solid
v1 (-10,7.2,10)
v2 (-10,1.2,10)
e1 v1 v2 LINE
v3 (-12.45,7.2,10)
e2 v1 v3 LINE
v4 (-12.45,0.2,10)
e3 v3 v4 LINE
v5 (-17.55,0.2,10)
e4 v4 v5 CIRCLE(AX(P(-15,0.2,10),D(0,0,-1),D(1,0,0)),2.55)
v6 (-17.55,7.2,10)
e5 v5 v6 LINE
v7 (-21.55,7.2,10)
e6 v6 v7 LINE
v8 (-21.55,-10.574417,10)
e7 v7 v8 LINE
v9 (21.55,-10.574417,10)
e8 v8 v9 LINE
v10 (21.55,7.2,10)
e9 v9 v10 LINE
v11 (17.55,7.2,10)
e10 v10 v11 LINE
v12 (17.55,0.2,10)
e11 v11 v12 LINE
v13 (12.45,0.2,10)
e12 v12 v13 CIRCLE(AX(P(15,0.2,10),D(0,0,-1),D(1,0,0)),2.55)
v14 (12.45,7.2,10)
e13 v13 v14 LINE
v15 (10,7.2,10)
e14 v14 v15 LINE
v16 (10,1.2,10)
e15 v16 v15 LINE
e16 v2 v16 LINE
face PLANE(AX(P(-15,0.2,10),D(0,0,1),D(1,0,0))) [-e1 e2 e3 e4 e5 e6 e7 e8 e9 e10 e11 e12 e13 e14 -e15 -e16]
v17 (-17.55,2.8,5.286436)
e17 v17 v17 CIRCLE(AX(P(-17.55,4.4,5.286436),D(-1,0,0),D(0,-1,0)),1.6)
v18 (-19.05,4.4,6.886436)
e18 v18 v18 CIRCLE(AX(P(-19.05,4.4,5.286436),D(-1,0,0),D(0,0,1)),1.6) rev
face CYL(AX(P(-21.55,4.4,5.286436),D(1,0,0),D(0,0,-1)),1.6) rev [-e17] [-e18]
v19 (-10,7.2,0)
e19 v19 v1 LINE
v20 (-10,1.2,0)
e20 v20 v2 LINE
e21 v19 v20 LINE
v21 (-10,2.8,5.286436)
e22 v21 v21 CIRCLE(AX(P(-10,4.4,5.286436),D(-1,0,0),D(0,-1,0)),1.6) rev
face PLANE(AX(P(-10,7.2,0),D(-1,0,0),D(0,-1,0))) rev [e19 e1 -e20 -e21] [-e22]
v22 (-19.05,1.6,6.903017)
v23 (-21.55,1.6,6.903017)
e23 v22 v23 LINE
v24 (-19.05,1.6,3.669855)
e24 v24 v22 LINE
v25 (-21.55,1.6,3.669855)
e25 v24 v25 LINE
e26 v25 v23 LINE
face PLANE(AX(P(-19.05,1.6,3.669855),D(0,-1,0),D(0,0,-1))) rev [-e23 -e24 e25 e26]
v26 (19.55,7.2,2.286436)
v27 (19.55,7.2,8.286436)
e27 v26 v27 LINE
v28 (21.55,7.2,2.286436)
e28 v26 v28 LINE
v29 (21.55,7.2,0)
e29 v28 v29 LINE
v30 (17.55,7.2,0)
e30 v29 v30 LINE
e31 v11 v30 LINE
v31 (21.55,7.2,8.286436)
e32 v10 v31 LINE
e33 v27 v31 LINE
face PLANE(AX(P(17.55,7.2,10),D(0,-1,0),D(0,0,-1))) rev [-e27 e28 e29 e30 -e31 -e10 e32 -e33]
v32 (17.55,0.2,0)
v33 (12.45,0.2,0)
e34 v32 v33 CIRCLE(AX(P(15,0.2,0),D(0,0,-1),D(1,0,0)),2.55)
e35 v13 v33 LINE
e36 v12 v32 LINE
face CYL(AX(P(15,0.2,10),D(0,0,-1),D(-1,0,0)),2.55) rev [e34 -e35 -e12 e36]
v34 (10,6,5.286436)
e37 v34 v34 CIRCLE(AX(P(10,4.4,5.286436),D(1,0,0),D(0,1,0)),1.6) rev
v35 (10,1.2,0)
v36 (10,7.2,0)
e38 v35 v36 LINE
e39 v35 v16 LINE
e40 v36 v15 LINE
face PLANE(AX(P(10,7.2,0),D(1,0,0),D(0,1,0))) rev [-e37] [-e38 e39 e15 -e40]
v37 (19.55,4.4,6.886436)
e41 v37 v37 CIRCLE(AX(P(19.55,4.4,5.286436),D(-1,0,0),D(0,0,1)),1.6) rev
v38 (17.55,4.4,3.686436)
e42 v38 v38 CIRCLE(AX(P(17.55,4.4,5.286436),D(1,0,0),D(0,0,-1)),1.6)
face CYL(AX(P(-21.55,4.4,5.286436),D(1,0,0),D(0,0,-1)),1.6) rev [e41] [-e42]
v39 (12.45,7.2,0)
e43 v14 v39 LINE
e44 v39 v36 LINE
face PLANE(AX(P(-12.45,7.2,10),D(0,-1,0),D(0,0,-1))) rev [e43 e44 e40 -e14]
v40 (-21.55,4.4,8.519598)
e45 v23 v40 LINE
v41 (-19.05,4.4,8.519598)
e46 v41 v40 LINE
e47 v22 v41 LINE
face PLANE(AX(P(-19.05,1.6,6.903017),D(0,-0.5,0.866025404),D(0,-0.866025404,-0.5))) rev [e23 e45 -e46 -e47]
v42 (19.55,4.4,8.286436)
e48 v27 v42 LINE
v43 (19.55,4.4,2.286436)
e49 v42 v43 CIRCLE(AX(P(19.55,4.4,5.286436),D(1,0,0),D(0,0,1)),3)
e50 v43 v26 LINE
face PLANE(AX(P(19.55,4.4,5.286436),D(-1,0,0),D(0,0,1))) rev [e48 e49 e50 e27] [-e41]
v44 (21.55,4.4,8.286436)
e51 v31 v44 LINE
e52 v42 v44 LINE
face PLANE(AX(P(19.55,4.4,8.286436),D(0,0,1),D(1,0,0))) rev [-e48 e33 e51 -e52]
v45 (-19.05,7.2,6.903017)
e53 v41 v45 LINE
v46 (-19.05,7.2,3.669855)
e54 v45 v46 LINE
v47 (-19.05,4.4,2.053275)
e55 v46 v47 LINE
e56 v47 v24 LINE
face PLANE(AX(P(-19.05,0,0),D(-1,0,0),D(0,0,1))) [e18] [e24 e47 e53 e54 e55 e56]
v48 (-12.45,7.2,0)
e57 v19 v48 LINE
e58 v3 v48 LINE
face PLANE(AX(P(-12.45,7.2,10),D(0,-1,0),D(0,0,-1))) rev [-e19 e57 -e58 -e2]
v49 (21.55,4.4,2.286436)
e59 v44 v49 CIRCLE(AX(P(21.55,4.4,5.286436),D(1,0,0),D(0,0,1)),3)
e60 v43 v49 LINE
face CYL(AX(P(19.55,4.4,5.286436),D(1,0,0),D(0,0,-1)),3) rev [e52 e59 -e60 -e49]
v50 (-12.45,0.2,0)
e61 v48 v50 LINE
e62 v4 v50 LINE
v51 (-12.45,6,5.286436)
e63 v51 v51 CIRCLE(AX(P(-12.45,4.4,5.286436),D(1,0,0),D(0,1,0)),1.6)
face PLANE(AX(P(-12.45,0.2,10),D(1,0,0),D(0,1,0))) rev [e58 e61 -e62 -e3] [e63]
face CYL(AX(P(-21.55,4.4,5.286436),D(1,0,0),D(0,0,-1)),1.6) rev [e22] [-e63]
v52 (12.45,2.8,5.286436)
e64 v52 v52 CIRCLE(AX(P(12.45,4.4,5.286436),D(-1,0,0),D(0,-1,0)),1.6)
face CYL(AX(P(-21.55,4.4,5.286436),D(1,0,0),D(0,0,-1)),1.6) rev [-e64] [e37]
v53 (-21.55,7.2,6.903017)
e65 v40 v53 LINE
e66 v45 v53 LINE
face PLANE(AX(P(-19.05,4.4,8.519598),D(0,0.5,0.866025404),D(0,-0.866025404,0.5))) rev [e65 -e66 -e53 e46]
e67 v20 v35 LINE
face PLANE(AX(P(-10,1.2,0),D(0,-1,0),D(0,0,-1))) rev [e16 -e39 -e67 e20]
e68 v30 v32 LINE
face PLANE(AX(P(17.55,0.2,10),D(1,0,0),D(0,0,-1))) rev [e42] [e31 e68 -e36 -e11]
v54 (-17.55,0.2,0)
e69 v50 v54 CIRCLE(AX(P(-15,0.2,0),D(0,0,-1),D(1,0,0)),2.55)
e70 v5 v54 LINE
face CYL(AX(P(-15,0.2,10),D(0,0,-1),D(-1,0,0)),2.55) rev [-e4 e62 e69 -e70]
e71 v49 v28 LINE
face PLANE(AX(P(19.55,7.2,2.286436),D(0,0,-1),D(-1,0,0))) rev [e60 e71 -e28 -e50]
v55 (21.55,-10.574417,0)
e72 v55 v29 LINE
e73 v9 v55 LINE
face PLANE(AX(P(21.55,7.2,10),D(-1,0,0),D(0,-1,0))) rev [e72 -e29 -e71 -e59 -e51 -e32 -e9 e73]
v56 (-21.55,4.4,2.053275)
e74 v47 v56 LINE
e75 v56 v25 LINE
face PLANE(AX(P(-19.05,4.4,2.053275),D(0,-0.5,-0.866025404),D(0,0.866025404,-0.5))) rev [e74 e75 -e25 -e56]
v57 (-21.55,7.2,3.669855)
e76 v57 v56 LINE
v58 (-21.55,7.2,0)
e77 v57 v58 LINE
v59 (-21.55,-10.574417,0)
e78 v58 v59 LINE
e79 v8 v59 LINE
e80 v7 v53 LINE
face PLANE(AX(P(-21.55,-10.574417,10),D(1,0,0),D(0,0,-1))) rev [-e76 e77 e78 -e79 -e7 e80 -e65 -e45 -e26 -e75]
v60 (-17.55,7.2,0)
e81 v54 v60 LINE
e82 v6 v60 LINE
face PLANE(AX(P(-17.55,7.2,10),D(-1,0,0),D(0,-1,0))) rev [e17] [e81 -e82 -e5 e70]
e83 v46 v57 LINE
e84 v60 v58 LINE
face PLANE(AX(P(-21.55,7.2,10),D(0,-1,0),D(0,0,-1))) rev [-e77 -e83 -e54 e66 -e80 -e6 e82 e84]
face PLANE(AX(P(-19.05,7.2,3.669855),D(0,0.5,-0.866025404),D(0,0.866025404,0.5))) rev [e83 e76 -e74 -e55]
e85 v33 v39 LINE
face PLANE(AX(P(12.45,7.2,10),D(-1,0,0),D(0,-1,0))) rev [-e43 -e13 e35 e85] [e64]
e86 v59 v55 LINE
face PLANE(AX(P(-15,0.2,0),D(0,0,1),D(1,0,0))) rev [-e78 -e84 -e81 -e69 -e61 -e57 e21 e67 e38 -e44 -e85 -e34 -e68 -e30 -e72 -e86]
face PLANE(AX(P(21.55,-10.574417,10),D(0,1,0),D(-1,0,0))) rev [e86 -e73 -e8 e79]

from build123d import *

# Parameters (mm, degrees)
BOSS_EXTRUDE1_DEPTH = 10
SKETCH2_R           = 1.6
CUT_EXTRUDE1_DEPTH  = 44.1
CUT_EXTRUDE2_DEPTH  = 2
CUT_EXTRUDE3_DEPTH  = 2.5
SKETCH6_W           = 20
SKETCH6_H           = 6
CUT_EXTRUDE4_DEPTH  = 11


with BuildPart() as part:
    # Sketch1 → Boss-Extrude1 (new body)
    with BuildSketch(Plane.XY):
        with BuildLine():
            Line((-21.55, 7.2), (-17.55, 7.2))
            Line((-17.55, 7.2), (-17.55, 0.2))
            ThreePointArc((-17.55, 0.2), (-15, -2.35), (-12.45, 0.2))
            Line((-12.45, 0.2), (-12.45, 7.2))
            Line((-12.45, 7.2), (12.45, 7.2))
            Line((12.45, 7.2), (12.45, 0.2))
            ThreePointArc((12.45, 0.2), (15, -2.35), (17.55, 0.2))
            Line((17.55, 0.2), (17.55, 7.2))
            Line((17.55, 7.2), (21.55, 7.2))
            Line((21.55, 7.2), (21.55, -10.574417152))
            Line((21.55, -10.574417152), (-21.55, -10.574417152))
            Line((-21.55, -10.574417152), (-21.55, 7.2))
        make_face()
    extrude(amount=BOSS_EXTRUDE1_DEPTH)

    # Sketch2 → Cut-Extrude1 (cut, through all)
    with BuildSketch(Plane(origin=(21.55, 0, 0), x_dir=(0, 0, -1), z_dir=(1, 0, 0))):
        with Locations((-5.28643622, 4.4)):
            Circle(SKETCH2_R)
    extrude(amount=-CUT_EXTRUDE1_DEPTH, mode=Mode.SUBTRACT)

    # Sketch3 → Cut-Extrude2 (cut)
    with BuildSketch(Plane(origin=(21.55, 0, 0), x_dir=(0, 0, -1), z_dir=(1, 0, 0))):
        with BuildLine():
            Line((-8.28643622, 7.2), (-2.28643622, 7.2))
            Line((-2.28643622, 7.2), (-2.28643622, 4.4))
            ThreePointArc((-2.28643622, 4.4), (-5.28643622, 1.4), (-8.28643622, 4.4))
            Line((-8.28643622, 4.4), (-8.28643622, 7.2))
        make_face()
    extrude(amount=-CUT_EXTRUDE2_DEPTH, mode=Mode.SUBTRACT)

    # Sketch4 → Cut-Extrude3 (cut)
    with BuildSketch(Plane.ZY.offset(21.55)):
        Polygon((8.519597728, 4.4), (6.903016974, 7.2), (3.669855466, 7.2), (2.053274713, 4.4), (3.669855466, 1.6), (6.903016974, 1.6), align=None)
    extrude(amount=-CUT_EXTRUDE3_DEPTH, mode=Mode.SUBTRACT)

    # Sketch6 → Cut-Extrude4 (cut, through all)
    with BuildSketch(Plane.XY.offset(10)):
        with Locations((0, 4.2)):
            Rectangle(SKETCH6_W, SKETCH6_H)
    extrude(amount=-CUT_EXTRUDE4_DEPTH, mode=Mode.SUBTRACT)


solid = part.part
